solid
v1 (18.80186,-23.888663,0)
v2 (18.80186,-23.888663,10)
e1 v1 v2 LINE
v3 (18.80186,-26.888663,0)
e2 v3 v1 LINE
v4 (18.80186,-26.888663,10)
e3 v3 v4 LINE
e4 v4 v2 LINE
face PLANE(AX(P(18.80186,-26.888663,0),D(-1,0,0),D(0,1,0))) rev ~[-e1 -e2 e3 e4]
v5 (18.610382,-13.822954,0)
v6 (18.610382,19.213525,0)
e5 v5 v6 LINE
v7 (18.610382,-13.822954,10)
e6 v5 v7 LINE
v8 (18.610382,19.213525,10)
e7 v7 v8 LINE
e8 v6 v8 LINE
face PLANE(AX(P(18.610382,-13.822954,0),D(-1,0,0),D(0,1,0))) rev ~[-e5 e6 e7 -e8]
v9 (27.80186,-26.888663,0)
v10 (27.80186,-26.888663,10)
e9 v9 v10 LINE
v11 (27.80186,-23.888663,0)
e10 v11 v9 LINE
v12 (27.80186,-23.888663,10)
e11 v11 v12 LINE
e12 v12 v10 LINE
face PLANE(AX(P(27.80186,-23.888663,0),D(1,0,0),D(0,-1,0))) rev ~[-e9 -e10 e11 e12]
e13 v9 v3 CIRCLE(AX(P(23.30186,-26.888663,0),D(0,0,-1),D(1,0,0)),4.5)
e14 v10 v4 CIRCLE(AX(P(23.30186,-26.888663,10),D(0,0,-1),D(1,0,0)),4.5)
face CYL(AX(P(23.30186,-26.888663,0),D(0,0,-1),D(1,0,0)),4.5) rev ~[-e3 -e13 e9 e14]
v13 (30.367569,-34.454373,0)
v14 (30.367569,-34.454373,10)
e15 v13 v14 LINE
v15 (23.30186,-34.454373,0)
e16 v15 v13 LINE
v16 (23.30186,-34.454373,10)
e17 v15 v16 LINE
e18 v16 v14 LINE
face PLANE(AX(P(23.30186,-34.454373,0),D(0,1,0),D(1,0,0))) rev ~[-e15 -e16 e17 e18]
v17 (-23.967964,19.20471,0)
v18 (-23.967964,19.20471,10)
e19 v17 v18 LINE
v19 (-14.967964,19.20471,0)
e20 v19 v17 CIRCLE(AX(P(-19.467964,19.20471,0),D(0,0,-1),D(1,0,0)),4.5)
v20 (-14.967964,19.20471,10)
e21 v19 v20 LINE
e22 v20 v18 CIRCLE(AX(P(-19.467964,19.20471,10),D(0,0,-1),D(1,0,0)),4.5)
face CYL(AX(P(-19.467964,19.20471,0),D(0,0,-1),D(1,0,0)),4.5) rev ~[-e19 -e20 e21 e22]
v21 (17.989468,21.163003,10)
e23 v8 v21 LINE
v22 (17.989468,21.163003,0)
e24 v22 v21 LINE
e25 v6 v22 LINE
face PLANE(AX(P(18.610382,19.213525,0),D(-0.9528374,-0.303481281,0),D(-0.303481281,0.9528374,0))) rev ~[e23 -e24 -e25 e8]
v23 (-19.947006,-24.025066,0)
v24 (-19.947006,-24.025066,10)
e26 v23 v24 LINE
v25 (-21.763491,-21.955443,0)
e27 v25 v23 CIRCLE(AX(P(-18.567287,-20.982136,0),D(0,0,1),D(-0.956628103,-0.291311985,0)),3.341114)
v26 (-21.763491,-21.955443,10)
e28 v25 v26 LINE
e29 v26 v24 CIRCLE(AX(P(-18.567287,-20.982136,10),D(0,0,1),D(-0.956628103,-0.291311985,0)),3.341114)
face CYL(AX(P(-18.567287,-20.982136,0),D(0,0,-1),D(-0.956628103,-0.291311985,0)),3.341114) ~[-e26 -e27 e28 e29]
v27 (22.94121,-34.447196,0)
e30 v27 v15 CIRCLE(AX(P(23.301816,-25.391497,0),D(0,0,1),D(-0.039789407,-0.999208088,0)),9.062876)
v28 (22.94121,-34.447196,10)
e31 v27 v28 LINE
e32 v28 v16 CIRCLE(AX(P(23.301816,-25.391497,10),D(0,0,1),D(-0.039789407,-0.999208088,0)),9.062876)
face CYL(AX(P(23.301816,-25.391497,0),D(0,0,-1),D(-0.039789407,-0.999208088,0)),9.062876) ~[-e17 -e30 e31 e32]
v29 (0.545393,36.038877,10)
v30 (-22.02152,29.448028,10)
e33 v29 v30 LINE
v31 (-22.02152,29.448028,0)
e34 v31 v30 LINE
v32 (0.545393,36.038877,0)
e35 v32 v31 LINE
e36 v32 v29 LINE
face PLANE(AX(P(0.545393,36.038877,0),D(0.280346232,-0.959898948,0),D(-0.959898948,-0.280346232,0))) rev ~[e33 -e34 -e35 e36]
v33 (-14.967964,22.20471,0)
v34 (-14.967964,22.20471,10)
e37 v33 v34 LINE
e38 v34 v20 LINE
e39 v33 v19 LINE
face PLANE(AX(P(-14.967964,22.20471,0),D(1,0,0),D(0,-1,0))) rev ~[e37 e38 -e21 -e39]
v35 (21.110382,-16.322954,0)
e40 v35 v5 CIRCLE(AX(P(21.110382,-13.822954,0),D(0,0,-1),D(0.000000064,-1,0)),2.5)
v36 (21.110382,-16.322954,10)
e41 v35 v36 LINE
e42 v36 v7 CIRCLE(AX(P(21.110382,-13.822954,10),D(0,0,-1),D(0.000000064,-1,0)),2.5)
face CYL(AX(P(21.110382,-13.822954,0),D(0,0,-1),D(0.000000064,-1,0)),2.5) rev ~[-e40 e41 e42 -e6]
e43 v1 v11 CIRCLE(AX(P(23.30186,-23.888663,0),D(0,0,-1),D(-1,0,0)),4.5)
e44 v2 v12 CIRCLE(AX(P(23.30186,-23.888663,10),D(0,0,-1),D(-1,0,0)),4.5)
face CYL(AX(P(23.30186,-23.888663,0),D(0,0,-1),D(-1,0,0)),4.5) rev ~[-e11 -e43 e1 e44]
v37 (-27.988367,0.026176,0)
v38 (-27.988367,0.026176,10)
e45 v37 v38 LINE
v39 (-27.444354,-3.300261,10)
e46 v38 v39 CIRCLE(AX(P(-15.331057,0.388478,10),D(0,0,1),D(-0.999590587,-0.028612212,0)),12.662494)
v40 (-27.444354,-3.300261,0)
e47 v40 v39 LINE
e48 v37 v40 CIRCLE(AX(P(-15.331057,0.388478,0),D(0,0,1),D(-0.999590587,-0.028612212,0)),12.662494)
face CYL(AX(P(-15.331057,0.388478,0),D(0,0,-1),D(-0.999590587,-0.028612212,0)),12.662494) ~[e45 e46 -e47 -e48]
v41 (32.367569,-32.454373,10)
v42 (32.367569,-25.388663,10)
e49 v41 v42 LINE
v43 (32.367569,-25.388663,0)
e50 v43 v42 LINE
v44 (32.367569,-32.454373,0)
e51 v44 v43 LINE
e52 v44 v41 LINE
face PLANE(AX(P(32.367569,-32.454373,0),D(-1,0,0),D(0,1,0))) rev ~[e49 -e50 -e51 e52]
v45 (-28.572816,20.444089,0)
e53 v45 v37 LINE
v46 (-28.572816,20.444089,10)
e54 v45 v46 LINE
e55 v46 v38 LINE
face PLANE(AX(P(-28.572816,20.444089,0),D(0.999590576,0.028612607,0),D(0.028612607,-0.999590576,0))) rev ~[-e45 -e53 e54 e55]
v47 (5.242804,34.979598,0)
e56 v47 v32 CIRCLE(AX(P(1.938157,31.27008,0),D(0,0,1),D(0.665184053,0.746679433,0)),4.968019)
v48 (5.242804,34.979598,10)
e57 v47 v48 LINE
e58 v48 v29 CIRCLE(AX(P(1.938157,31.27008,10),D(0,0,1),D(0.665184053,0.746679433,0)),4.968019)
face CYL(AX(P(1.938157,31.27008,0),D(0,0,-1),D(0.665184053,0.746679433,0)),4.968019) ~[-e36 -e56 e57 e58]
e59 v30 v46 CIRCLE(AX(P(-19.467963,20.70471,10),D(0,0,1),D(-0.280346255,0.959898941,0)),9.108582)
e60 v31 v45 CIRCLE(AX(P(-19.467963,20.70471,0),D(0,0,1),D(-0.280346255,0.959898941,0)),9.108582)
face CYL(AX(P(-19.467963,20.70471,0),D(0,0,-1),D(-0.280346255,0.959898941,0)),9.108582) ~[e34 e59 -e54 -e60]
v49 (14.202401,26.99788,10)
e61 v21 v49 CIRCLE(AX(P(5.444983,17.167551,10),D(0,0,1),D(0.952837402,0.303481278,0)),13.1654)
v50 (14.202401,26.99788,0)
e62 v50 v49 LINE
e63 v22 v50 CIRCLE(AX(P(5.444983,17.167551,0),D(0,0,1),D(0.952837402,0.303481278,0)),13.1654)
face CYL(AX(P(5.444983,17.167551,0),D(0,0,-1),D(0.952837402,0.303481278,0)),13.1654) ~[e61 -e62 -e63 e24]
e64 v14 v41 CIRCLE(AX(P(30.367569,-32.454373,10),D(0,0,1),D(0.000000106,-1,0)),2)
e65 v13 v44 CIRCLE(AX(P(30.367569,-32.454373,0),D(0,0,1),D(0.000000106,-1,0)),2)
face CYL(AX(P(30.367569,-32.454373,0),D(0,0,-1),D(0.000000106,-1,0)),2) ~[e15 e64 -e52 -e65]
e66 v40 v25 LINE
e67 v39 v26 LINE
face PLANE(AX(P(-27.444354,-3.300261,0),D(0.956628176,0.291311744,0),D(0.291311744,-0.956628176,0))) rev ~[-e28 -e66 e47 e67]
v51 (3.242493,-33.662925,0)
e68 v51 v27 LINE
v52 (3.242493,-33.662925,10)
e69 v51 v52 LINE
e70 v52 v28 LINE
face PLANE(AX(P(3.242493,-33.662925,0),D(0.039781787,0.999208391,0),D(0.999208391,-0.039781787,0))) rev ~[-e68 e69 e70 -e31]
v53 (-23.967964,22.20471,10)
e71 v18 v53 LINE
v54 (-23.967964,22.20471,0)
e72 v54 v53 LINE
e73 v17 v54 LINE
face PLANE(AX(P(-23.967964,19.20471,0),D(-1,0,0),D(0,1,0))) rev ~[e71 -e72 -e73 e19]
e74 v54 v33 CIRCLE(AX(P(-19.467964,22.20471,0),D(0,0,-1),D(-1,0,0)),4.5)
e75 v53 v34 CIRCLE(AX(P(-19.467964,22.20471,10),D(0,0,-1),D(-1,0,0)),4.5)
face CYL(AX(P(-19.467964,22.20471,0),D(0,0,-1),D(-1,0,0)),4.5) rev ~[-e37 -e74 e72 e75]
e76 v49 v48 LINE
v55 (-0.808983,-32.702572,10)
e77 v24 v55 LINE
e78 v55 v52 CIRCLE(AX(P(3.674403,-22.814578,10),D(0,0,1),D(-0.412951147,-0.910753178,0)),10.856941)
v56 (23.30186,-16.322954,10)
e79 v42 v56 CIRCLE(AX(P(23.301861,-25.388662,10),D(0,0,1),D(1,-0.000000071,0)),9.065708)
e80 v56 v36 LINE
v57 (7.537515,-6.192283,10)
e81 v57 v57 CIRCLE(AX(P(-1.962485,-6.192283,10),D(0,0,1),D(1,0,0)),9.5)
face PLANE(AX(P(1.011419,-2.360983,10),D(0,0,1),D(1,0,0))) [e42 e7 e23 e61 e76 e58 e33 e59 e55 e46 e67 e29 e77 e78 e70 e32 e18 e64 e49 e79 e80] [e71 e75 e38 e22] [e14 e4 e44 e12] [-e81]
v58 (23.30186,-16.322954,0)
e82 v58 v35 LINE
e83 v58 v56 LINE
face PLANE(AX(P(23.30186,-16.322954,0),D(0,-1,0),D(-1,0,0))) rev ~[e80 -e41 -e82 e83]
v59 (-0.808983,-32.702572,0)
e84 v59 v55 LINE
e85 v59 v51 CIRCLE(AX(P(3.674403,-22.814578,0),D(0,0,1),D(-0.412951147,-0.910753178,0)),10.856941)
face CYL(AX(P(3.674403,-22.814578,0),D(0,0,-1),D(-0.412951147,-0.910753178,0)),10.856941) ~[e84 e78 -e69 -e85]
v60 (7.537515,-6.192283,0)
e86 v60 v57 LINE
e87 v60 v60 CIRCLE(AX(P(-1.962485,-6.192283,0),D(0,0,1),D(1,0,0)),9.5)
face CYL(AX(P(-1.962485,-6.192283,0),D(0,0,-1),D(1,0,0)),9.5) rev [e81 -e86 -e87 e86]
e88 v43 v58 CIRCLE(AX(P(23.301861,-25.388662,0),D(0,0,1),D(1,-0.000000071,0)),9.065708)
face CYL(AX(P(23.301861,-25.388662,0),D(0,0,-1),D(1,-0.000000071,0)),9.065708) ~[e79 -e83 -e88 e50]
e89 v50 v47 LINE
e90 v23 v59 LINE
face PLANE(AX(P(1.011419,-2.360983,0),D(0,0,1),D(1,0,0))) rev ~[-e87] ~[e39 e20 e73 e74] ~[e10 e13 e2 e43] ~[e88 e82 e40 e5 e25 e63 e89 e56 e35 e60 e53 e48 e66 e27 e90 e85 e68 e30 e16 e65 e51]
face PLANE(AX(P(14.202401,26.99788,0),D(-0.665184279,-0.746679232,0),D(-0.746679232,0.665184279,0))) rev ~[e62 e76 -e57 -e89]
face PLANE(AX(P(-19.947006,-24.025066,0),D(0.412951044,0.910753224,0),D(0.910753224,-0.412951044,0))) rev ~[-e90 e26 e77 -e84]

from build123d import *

# Parameters (mm, degrees)
F0_R     = 9.5
F1_DEPTH = 10


with BuildPart() as f1:
    # F0 (on Top) → F1 (new body)
    with BuildSketch(Plane.XY):
        with BuildLine():
            Line((0.545393, 36.038877), (-22.02152, 29.448028))
            ThreePointArc((-22.02152, 29.448028), (-26.833244, 26.063712), (-28.572816, 20.444089))
            Line((-28.572816, 20.444089), (-27.988367, 0.026176))
            ThreePointArc((-27.988367, 0.026176), (-27.827538, -1.655225), (-27.444354, -3.300261))
            Line((-27.444354, -3.300261), (-21.763491, -21.955443))
            ThreePointArc((-21.763491, -21.955443), (-21.078383, -23.186097), (-19.947006, -24.025066))
            Line((-19.947006, -24.025066), (-0.808983, -32.702572))
            ThreePointArc((-0.808983, -32.702572), (1.170286, -33.37879), (3.242493, -33.662925))
            Line((3.242493, -33.662925), (22.94121, -34.447196))
            ThreePointArc((22.94121, -34.447196), (23.121499, -34.452579), (23.30186, -34.454373))
            Line((23.30186, -34.454373), (30.367569, -34.454373))
            ThreePointArc((30.367569, -34.454373), (31.781783, -33.868586), (32.367569, -32.454373))
            Line((32.367569, -32.454373), (32.367569, -25.388663))
            ThreePointArc((32.367569, -25.388663), (29.712285, -18.978239), (23.30186, -16.322954))
            Line((23.30186, -16.322954), (21.110382, -16.322954))
            ThreePointArc((21.110382, -16.322954), (19.342615, -15.590721), (18.610382, -13.822954))
            Line((18.610382, -13.822954), (18.610382, 19.213525))
            Line((18.610382, 19.213525), (17.989468, 21.163003))
            ThreePointArc((17.989468, 21.163003), (16.488271, 24.335084), (14.202401, 26.99788))
            Line((14.202401, 26.99788), (5.242804, 34.979598))
            ThreePointArc((5.242804, 34.979598), (3.031016, 36.116406), (0.545393, 36.038877))
        make_face()
        with Locations((-1.962485, -6.192283)):
            Circle(F0_R, mode=Mode.SUBTRACT)
        with BuildLine():
            ThreePointArc((18.80186, -23.888663), (23.30186, -19.388663), (27.80186, -23.888663))
            Line((27.80186, -23.888663), (27.80186, -26.888663))
            ThreePointArc((27.80186, -26.888663), (23.30186, -31.388663), (18.80186, -26.888663))
            Line((18.80186, -26.888663), (18.80186, -23.888663))
        make_face(mode=Mode.SUBTRACT)
        with BuildLine():
            ThreePointArc((-23.967964, 22.20471), (-19.467964, 26.70471), (-14.967964, 22.20471))
            Line((-14.967964, 22.20471), (-14.967964, 19.20471))
            ThreePointArc((-14.967964, 19.20471), (-19.467964, 14.70471), (-23.967964, 19.20471))
            Line((-23.967964, 19.20471), (-23.967964, 22.20471))
        make_face(mode=Mode.SUBTRACT)
    extrude(amount=F1_DEPTH)


solid = f1.part
